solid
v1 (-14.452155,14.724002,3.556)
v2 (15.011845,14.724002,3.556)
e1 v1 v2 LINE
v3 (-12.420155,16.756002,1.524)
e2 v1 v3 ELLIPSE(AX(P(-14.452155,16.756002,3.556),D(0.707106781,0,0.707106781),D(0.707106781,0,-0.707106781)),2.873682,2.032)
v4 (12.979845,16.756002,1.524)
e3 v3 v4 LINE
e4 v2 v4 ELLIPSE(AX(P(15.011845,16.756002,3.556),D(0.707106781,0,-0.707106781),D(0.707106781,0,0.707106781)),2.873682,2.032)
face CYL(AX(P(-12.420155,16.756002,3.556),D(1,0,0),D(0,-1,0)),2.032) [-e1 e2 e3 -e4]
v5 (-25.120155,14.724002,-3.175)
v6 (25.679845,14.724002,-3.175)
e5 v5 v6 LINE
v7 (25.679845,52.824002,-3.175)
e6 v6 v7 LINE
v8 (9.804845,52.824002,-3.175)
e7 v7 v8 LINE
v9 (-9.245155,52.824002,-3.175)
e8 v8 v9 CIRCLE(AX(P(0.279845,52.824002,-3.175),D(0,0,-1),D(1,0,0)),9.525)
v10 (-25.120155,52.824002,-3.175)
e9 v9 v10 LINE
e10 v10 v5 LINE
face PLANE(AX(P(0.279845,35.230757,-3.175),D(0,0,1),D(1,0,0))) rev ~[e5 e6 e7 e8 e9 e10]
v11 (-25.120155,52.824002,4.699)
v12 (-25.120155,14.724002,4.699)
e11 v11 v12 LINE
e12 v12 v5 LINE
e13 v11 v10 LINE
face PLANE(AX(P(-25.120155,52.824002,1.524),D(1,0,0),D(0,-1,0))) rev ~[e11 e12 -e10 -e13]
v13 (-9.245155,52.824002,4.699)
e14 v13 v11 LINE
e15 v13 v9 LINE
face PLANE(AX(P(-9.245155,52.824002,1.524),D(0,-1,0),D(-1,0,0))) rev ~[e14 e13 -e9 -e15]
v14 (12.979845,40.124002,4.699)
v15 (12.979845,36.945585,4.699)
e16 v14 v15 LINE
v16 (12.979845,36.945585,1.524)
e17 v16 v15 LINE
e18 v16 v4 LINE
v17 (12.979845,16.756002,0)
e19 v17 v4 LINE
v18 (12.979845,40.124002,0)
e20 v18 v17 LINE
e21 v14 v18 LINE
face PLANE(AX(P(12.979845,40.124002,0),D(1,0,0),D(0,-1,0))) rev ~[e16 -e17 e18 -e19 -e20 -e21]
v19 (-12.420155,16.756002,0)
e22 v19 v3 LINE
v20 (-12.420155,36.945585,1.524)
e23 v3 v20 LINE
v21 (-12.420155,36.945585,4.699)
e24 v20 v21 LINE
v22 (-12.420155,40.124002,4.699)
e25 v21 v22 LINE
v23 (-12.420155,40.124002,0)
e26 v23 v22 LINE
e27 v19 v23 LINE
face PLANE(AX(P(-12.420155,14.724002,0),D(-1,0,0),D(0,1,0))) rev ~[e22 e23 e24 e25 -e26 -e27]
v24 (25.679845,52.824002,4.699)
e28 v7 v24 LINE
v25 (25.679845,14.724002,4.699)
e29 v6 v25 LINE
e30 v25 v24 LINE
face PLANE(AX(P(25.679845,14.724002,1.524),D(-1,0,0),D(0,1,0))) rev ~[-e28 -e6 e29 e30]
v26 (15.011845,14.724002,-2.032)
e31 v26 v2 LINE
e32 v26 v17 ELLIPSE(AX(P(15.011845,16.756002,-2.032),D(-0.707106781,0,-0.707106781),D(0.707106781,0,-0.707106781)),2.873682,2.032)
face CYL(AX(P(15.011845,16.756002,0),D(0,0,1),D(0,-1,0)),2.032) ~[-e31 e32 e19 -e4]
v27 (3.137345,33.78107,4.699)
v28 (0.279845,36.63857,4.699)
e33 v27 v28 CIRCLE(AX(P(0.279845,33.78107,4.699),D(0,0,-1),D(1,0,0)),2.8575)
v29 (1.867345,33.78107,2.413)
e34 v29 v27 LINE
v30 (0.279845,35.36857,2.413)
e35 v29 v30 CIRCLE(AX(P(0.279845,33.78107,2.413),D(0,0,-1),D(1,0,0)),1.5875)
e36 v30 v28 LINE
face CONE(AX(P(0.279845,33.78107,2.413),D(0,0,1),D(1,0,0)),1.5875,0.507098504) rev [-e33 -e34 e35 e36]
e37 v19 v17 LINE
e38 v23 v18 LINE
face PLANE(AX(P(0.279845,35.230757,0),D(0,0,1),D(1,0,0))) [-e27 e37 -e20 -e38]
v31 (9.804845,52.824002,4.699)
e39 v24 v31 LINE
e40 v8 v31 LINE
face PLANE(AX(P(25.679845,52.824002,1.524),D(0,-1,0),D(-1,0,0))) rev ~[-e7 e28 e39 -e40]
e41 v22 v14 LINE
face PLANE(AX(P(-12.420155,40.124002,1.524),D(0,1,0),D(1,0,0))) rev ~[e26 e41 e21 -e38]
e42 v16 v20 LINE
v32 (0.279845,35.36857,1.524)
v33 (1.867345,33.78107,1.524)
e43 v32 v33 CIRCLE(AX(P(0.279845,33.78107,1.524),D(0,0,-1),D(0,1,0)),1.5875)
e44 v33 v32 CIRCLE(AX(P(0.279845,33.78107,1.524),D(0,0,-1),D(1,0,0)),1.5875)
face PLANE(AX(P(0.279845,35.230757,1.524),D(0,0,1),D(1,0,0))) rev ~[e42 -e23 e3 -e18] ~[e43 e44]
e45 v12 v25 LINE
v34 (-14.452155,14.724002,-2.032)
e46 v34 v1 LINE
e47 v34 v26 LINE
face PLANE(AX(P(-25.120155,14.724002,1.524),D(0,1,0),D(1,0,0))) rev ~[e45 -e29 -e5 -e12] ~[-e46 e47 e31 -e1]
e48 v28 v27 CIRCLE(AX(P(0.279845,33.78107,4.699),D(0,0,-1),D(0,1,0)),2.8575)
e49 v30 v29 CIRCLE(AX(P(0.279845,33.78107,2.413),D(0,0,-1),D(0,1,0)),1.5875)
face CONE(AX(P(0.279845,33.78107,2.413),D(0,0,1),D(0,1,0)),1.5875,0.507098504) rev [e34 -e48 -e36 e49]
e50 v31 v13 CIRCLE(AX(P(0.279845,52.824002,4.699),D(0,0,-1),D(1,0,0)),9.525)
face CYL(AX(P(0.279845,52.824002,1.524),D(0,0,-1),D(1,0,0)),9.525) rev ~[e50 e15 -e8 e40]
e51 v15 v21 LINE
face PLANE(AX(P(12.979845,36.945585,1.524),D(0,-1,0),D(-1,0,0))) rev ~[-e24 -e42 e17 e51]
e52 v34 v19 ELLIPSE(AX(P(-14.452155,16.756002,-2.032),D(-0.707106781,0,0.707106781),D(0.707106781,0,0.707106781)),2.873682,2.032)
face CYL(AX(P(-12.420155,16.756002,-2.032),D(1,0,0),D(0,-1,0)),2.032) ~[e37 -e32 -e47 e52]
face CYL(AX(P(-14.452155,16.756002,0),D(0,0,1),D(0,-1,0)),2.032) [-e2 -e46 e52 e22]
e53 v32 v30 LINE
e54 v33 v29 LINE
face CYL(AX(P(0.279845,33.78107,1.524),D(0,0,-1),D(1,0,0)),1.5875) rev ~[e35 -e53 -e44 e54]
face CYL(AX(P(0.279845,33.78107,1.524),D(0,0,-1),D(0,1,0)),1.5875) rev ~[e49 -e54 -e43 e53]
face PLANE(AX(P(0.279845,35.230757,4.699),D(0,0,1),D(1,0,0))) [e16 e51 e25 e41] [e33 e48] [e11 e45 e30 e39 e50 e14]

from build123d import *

# Parameters (mm, degrees)
F0_R     = 1.5875
F1_DEPTH = 3.175
F2_DEPTH = 1.524
F4_DEPTH = 3.175
F5_R     = 2.032
F6_SIZE2 = 1.27
F6_SIZE  = 2.286


with BuildPart() as f1:
    # F0 (on Top) → F1 (new body)
    with BuildSketch(Plane.XY):
        with BuildLine():
            Line((-9.6292242988, 40.124001728), (0.2798453521, 40.124001728))
            Line((0.2798453521, 40.124001728), (10.1889150029, 40.124001728))
            Line((10.1889150029, 40.124001728), (12.9798453521, 40.124001728))
            Line((12.9798453521, 40.124001728), (12.9798453521, 36.9588285685))
            Line((12.9798453521, 36.9588285685), (12.9798453521, 14.724001728))
            Line((12.9798453521, 14.724001728), (25.6798453521, 14.724001728))
            Line((25.6798453521, 14.724001728), (25.6798453521, 52.824001728))
            Line((25.6798453521, 52.824001728), (9.8048453521, 52.824001728))
            ThreePointArc((9.8048453521, 52.824001728), (0.2798453521, 43.299001728), (-9.2451546479, 52.824001728))
            Line((-9.2451546479, 52.824001728), (-25.1201546479, 52.824001728))
            Line((-25.1201546479, 52.824001728), (-25.1201546479, 14.724001728))
            Line((-25.1201546479, 14.724001728), (-12.4201546479, 14.724001728))
            Line((-12.4201546479, 14.724001728), (-12.4201546479, 36.9588285685))
            Line((-12.4201546479, 36.9588285685), (-12.4201546479, 40.124001728))
            Line((-12.4201546479, 40.124001728), (-9.6292242988, 40.124001728))
        make_face()
        Polygon((10.1889150029, 40.124001728), (0.2798453521, 40.124001728), (-9.6292242988, 40.124001728), (-12.4201546479, 40.124001728), (-12.4201546479, 36.9588285685), (-9.5826818713, 36.9588285685), (0.2798453521, 36.9588285685), (12.9798453521, 36.9588285685), (12.9798453521, 40.124001728), align=None)
        Polygon((12.9798453521, 14.724001728), (12.9798453521, 36.9588285685), (0.2798453521, 36.9588285685), (-9.5826818713, 36.9588285685), (-12.4201546479, 36.9588285685), (-12.4201546479, 14.724001728), align=None)
        with Locations((0.2798453521, 33.3929099143)):
            Circle(F0_R, mode=Mode.SUBTRACT)
        with Locations((0.2798453521, 33.3929099143)):
            Circle(F0_R)
    extrude(amount=-F1_DEPTH)

    # F0 (on Top) → F2 (join)
    with BuildSketch(Plane.XY):
        with BuildLine():
            Line((-9.6292242988, 40.124001728), (0.2798453521, 40.124001728))
            Line((0.2798453521, 40.124001728), (10.1889150029, 40.124001728))
            Line((10.1889150029, 40.124001728), (12.9798453521, 40.124001728))
            Line((12.9798453521, 40.124001728), (12.9798453521, 36.9588285685))
            Line((12.9798453521, 36.9588285685), (12.9798453521, 14.724001728))
            Line((12.9798453521, 14.724001728), (25.6798453521, 14.724001728))
            Line((25.6798453521, 14.724001728), (25.6798453521, 52.824001728))
            Line((25.6798453521, 52.824001728), (9.8048453521, 52.824001728))
            ThreePointArc((9.8048453521, 52.824001728), (0.2798453521, 43.299001728), (-9.2451546479, 52.824001728))
            Line((-9.2451546479, 52.824001728), (-25.1201546479, 52.824001728))
            Line((-25.1201546479, 52.824001728), (-25.1201546479, 14.724001728))
            Line((-25.1201546479, 14.724001728), (-12.4201546479, 14.724001728))
            Line((-12.4201546479, 14.724001728), (-12.4201546479, 36.9588285685))
            Line((-12.4201546479, 36.9588285685), (-12.4201546479, 40.124001728))
            Line((-12.4201546479, 40.124001728), (-9.6292242988, 40.124001728))
        make_face()
    extrude(amount=F2_DEPTH)

    # F3 (on face) → F4 (join)
    with BuildSketch(Plane.XY.offset(1.524)):
        with BuildLine():
            Line((-25.1201546479, 14.724001728), (-12.4201546479, 14.724001728))
            Line((-12.4201546479, 14.724001728), (-12.4201546479, 36.9455851614))
            Line((-12.4201546479, 36.9455851614), (-12.4201546479, 40.124001728))
            Line((-12.4201546479, 40.124001728), (0.2798453521, 40.124001728))
            Line((0.2798453521, 40.124001728), (12.9798453521, 40.124001728))
            Line((12.9798453521, 40.124001728), (12.9798453521, 36.9455851614))
            Line((12.9798453521, 36.9455851614), (12.9798453521, 14.724001728))
            Line((12.9798453521, 14.724001728), (25.6798453521, 14.724001728))
            Line((25.6798453521, 14.724001728), (25.6798453521, 52.824001728))
            Line((25.6798453521, 52.824001728), (9.8048453521, 52.824001728))
            ThreePointArc((9.8048453521, 52.824001728), (0.2798453521, 43.299001728), (-9.2451546479, 52.824001728))
            Line((-9.2451546479, 52.824001728), (-25.1201546479, 52.824001728))
            Line((-25.1201546479, 52.824001728), (-25.1201546479, 14.724001728))
        make_face()
        Polygon((-12.4201546479, 36.9455851614), (-12.4201546479, 14.724001728), (12.9798453521, 14.724001728), (12.9798453521, 36.9455851614), (0.2798453521, 36.9455851614), align=None)
        with BuildLine():
            ThreePointArc((1.8673453521, 33.7810702622), (-0.8426866631, 32.6585382471), (0.2798453521, 35.3685702622))
            ThreePointArc((0.2798453521, 35.3685702622), (1.4023773672, 34.9036022773), (1.8673453521, 33.7810702622))
        make_face(mode=Mode.SUBTRACT)
    extrude(amount=F4_DEPTH)

    # F5
    f5_edges = [f1.edges().sort_by_distance(p)[0] for p in [
        (0.279845, 14.724002, 1.524),
        (0.279845, 14.724002, 0),
        (-12.420155, 14.724002, 0.762),
        (12.979845, 14.724002, 0.762),
    ]]
    fillet(f5_edges, radius=F5_R)

    # F6
    f6_edges = [f1.edges().sort_by_distance(p)[0] for p in [
        (0.279845, 32.19357, 4.699),
    ]]
    f6_side = f1.faces().sort_by_distance((0.279845, 32.19357, 3.1115))[0]
    chamfer(f6_edges, length=F6_SIZE, length2=F6_SIZE2, reference=f6_side)


solid = f1.part
